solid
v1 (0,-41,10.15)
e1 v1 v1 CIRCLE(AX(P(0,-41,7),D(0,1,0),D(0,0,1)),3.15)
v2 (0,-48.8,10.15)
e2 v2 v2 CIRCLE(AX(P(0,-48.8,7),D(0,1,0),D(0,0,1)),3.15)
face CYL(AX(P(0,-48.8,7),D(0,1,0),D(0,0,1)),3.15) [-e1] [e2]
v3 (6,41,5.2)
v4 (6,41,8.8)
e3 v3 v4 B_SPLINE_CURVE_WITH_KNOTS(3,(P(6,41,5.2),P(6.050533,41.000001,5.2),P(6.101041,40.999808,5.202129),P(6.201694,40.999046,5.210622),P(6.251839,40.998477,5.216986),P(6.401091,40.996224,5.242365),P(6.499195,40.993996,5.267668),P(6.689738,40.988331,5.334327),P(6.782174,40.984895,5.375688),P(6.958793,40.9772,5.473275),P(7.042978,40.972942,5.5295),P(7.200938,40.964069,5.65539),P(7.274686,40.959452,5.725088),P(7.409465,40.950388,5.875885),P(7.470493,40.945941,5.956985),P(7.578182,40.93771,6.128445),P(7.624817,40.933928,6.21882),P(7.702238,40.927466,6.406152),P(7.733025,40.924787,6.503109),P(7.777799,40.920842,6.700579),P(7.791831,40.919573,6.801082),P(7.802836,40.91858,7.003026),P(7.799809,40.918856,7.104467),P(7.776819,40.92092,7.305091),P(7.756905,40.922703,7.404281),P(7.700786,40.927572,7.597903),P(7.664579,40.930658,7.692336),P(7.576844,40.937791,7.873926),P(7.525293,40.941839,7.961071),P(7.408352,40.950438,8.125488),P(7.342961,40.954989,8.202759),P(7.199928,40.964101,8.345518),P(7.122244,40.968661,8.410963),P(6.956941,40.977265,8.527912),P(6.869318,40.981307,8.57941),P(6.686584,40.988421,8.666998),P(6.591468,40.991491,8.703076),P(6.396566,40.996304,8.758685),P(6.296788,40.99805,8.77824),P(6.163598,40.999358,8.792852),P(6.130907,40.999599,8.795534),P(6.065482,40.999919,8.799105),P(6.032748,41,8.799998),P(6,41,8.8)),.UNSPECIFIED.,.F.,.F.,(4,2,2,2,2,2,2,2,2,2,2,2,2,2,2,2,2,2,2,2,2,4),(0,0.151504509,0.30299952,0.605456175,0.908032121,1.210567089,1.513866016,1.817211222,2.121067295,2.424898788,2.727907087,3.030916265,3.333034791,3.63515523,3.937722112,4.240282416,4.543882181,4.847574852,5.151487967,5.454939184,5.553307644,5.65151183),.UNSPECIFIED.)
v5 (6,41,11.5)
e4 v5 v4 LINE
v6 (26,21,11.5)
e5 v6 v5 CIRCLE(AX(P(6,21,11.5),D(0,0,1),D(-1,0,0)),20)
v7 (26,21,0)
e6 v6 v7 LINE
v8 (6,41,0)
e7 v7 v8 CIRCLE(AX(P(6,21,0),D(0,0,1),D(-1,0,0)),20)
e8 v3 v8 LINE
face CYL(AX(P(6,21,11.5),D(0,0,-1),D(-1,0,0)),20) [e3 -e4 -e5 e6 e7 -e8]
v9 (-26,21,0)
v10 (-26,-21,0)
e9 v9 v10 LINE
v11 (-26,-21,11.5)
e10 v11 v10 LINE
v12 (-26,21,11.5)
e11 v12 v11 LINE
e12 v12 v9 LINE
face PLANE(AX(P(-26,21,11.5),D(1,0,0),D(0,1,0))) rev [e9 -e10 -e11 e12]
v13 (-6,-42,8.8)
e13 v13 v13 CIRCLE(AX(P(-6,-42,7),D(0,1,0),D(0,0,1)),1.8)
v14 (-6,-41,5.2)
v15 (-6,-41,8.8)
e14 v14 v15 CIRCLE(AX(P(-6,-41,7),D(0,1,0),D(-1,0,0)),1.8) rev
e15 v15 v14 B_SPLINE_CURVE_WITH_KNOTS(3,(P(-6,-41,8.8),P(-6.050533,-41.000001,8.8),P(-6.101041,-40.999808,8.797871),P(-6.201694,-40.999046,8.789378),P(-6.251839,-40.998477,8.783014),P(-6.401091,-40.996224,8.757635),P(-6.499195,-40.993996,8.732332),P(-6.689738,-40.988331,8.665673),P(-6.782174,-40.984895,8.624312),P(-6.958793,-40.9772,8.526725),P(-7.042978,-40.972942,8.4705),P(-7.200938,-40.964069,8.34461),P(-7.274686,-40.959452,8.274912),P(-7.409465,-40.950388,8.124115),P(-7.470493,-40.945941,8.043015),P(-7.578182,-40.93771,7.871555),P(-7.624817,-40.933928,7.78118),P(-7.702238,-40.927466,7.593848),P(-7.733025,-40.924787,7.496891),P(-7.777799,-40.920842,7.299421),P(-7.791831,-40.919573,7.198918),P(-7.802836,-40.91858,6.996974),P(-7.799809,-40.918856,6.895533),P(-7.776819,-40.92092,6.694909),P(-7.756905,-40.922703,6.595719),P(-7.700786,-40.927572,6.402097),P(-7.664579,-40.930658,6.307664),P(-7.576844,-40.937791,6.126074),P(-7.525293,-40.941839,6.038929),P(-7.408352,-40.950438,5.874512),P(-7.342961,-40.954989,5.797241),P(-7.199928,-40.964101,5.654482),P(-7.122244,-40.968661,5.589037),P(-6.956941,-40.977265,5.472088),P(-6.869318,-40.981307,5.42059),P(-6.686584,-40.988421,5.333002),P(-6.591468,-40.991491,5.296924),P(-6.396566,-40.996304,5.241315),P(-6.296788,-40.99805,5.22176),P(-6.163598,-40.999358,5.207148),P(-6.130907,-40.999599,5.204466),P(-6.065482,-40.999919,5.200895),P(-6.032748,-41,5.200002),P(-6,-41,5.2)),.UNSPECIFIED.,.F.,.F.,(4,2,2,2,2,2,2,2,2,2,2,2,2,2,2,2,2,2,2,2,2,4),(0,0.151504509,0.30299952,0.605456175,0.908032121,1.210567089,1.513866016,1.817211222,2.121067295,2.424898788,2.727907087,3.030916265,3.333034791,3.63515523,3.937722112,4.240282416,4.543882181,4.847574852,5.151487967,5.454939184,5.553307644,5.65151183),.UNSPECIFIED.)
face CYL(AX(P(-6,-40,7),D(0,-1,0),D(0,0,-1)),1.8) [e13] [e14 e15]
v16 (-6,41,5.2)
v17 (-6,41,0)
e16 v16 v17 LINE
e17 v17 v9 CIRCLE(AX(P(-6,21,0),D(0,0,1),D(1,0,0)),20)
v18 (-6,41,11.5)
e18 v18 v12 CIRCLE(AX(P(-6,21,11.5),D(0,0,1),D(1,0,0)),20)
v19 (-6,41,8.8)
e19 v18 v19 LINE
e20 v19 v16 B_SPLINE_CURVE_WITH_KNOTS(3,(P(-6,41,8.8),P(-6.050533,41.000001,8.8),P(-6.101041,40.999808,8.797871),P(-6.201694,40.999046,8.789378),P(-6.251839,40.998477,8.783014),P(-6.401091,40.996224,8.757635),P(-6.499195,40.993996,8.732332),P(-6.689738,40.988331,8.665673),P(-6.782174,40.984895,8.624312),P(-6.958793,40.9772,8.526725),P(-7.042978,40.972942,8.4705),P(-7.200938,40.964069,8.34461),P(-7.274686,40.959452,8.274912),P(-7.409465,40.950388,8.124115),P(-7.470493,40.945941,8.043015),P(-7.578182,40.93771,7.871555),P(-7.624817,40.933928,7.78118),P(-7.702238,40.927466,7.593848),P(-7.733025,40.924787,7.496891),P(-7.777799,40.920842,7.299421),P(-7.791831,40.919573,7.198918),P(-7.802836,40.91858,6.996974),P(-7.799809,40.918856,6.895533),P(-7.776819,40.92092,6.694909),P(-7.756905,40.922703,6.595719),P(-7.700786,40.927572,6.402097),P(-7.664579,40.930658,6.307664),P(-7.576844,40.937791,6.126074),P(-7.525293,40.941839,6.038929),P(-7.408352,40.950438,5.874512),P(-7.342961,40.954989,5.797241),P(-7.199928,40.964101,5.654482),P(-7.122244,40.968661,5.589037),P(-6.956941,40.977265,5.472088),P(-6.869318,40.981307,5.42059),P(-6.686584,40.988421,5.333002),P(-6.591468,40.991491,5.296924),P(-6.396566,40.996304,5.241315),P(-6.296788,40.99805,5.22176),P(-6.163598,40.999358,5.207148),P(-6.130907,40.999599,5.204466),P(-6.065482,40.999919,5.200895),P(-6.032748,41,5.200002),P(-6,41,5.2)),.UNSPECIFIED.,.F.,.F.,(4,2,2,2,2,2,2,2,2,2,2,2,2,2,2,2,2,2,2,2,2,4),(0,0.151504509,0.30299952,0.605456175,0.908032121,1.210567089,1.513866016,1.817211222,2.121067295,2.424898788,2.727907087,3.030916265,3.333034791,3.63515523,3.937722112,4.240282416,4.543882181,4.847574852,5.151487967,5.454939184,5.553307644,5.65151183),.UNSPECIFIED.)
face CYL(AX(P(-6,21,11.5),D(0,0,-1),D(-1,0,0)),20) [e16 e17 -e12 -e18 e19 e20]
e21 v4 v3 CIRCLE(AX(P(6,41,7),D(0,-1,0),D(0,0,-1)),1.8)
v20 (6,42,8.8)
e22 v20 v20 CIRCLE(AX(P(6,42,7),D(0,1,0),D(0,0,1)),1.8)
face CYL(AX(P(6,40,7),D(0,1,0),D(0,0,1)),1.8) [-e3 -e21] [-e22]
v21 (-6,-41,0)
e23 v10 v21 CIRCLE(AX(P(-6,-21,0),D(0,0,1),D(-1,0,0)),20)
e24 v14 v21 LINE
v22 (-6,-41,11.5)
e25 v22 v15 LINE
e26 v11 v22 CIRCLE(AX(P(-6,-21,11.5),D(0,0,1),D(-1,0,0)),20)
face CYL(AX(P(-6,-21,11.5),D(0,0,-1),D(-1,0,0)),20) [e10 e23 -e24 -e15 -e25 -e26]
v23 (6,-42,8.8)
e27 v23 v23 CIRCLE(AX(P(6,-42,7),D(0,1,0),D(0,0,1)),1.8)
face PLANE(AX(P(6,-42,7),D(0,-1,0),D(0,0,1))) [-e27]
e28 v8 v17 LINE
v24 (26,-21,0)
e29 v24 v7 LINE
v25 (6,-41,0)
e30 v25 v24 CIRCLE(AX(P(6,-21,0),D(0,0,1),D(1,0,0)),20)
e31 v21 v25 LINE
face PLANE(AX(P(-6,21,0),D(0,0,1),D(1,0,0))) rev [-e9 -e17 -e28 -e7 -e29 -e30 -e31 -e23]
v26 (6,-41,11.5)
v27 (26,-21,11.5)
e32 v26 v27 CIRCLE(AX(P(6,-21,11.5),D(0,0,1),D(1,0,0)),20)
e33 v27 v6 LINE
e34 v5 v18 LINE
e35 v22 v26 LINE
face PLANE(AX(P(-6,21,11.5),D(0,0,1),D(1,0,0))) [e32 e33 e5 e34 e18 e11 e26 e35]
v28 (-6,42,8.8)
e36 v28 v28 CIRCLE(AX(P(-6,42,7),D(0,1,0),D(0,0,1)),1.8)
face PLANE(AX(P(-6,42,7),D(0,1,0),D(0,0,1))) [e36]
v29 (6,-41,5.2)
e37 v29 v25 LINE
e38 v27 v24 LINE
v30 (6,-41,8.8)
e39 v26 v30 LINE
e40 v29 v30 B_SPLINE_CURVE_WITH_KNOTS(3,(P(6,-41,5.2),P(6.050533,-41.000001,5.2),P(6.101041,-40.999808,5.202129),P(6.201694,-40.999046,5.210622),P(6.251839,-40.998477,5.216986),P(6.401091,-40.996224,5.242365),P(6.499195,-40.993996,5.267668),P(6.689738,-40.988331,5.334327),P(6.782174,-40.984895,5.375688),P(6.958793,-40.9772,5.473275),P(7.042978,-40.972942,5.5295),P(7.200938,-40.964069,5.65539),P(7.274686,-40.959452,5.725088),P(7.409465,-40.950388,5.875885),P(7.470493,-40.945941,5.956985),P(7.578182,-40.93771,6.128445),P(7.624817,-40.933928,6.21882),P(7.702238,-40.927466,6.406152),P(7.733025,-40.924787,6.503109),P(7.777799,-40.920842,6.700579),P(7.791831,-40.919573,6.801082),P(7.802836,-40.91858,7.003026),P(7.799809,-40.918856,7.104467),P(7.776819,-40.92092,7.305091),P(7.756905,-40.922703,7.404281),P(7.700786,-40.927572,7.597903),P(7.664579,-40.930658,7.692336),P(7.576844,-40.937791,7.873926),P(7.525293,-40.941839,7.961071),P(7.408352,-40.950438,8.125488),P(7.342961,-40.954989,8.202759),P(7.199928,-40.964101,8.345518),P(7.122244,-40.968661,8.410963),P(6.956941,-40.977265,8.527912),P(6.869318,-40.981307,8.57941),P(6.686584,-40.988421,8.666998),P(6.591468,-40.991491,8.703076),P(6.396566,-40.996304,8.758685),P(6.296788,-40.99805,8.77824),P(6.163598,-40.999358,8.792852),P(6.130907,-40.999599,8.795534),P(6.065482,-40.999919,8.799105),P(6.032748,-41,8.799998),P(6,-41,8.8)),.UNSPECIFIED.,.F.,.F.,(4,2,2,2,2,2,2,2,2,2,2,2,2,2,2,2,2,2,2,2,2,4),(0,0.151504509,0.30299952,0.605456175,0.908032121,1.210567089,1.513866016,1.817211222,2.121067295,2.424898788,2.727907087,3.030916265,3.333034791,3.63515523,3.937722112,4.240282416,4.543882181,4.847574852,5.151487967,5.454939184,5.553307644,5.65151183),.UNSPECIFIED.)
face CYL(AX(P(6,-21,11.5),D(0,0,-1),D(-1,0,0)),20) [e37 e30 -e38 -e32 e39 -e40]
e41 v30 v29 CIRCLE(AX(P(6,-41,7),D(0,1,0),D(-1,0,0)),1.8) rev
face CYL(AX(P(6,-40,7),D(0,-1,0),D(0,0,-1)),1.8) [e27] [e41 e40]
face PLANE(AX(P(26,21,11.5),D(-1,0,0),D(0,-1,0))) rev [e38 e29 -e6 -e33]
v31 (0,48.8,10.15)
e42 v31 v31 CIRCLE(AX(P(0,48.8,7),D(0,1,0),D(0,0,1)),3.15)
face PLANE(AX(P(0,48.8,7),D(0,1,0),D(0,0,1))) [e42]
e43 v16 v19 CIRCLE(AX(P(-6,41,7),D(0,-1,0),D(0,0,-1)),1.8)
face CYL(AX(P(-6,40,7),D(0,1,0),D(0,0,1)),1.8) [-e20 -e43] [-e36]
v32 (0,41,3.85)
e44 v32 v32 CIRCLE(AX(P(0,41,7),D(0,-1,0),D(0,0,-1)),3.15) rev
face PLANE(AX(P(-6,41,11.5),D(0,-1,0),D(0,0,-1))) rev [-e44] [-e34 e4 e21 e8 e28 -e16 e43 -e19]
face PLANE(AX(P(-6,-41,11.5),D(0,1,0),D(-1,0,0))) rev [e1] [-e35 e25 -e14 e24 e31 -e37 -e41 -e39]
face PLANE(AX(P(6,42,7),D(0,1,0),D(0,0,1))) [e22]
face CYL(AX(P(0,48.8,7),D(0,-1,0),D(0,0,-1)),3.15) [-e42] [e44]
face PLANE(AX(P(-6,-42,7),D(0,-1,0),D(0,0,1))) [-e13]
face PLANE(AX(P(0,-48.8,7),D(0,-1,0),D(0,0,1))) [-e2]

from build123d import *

# Parameters (mm, degrees)
BOSS_EXTRUDE1_DEPTH = 11.5
SKETCH2_R           = 3.15
BOSS_EXTRUDE2_DEPTH = 7.8
SKETCH3_R           = 1.8
BOSS_EXTRUDE3_DEPTH = 1


with BuildPart() as part:
    # Sketch1 → Boss-Extrude1 (new body)
    with BuildSketch(Plane.XY):
        with BuildLine():
            Line((-26, 21), (-26, -21))
            ThreePointArc((-26, -21), (-20.142135624, -35.142135624), (-6, -41))
            Line((-6, -41), (6, -41))
            ThreePointArc((6, -41), (20.142135624, -35.142135624), (26, -21))
            Line((26, -21), (26, 21))
            ThreePointArc((26, 21), (20.142135624, 35.142135624), (6, 41))
            Line((6, 41), (-6, 41))
            ThreePointArc((-6, 41), (-20.142135624, 35.142135624), (-26, 21))
        make_face()
    extrude(amount=BOSS_EXTRUDE1_DEPTH)

    # Sketch2 → Boss-Extrude2 (add)
    with BuildSketch(Plane(origin=(0, 41, 0), x_dir=(1, 0, 0), z_dir=(0, 1, 0))):
        with Locations(Location((0, -7, 0), (0, 0, 90))):
            Circle(SKETCH2_R)
    boss_extrude2 = extrude(amount=BOSS_EXTRUDE2_DEPTH)

    # Sketch3 → Boss-Extrude3 (add, symmetric)
    with BuildSketch(Plane(origin=(0, 41, 0), x_dir=(1, 0, 0), z_dir=(0, 1, 0))):
        with Locations(Location((-6, -7, 0), (0, 0, 270))):
            Circle(SKETCH3_R)
        with Locations(Location((6, -7, 0), (0, 0, 270))):
            Circle(SKETCH3_R)
    boss_extrude3 = extrude(amount=BOSS_EXTRUDE3_DEPTH, both=True)

    # Mirror1: Boss-Extrude2, Boss-Extrude3 across plane
    add(boss_extrude2.mirror(Plane.ZX))
    add(boss_extrude3.mirror(Plane.ZX))


solid = part.part
